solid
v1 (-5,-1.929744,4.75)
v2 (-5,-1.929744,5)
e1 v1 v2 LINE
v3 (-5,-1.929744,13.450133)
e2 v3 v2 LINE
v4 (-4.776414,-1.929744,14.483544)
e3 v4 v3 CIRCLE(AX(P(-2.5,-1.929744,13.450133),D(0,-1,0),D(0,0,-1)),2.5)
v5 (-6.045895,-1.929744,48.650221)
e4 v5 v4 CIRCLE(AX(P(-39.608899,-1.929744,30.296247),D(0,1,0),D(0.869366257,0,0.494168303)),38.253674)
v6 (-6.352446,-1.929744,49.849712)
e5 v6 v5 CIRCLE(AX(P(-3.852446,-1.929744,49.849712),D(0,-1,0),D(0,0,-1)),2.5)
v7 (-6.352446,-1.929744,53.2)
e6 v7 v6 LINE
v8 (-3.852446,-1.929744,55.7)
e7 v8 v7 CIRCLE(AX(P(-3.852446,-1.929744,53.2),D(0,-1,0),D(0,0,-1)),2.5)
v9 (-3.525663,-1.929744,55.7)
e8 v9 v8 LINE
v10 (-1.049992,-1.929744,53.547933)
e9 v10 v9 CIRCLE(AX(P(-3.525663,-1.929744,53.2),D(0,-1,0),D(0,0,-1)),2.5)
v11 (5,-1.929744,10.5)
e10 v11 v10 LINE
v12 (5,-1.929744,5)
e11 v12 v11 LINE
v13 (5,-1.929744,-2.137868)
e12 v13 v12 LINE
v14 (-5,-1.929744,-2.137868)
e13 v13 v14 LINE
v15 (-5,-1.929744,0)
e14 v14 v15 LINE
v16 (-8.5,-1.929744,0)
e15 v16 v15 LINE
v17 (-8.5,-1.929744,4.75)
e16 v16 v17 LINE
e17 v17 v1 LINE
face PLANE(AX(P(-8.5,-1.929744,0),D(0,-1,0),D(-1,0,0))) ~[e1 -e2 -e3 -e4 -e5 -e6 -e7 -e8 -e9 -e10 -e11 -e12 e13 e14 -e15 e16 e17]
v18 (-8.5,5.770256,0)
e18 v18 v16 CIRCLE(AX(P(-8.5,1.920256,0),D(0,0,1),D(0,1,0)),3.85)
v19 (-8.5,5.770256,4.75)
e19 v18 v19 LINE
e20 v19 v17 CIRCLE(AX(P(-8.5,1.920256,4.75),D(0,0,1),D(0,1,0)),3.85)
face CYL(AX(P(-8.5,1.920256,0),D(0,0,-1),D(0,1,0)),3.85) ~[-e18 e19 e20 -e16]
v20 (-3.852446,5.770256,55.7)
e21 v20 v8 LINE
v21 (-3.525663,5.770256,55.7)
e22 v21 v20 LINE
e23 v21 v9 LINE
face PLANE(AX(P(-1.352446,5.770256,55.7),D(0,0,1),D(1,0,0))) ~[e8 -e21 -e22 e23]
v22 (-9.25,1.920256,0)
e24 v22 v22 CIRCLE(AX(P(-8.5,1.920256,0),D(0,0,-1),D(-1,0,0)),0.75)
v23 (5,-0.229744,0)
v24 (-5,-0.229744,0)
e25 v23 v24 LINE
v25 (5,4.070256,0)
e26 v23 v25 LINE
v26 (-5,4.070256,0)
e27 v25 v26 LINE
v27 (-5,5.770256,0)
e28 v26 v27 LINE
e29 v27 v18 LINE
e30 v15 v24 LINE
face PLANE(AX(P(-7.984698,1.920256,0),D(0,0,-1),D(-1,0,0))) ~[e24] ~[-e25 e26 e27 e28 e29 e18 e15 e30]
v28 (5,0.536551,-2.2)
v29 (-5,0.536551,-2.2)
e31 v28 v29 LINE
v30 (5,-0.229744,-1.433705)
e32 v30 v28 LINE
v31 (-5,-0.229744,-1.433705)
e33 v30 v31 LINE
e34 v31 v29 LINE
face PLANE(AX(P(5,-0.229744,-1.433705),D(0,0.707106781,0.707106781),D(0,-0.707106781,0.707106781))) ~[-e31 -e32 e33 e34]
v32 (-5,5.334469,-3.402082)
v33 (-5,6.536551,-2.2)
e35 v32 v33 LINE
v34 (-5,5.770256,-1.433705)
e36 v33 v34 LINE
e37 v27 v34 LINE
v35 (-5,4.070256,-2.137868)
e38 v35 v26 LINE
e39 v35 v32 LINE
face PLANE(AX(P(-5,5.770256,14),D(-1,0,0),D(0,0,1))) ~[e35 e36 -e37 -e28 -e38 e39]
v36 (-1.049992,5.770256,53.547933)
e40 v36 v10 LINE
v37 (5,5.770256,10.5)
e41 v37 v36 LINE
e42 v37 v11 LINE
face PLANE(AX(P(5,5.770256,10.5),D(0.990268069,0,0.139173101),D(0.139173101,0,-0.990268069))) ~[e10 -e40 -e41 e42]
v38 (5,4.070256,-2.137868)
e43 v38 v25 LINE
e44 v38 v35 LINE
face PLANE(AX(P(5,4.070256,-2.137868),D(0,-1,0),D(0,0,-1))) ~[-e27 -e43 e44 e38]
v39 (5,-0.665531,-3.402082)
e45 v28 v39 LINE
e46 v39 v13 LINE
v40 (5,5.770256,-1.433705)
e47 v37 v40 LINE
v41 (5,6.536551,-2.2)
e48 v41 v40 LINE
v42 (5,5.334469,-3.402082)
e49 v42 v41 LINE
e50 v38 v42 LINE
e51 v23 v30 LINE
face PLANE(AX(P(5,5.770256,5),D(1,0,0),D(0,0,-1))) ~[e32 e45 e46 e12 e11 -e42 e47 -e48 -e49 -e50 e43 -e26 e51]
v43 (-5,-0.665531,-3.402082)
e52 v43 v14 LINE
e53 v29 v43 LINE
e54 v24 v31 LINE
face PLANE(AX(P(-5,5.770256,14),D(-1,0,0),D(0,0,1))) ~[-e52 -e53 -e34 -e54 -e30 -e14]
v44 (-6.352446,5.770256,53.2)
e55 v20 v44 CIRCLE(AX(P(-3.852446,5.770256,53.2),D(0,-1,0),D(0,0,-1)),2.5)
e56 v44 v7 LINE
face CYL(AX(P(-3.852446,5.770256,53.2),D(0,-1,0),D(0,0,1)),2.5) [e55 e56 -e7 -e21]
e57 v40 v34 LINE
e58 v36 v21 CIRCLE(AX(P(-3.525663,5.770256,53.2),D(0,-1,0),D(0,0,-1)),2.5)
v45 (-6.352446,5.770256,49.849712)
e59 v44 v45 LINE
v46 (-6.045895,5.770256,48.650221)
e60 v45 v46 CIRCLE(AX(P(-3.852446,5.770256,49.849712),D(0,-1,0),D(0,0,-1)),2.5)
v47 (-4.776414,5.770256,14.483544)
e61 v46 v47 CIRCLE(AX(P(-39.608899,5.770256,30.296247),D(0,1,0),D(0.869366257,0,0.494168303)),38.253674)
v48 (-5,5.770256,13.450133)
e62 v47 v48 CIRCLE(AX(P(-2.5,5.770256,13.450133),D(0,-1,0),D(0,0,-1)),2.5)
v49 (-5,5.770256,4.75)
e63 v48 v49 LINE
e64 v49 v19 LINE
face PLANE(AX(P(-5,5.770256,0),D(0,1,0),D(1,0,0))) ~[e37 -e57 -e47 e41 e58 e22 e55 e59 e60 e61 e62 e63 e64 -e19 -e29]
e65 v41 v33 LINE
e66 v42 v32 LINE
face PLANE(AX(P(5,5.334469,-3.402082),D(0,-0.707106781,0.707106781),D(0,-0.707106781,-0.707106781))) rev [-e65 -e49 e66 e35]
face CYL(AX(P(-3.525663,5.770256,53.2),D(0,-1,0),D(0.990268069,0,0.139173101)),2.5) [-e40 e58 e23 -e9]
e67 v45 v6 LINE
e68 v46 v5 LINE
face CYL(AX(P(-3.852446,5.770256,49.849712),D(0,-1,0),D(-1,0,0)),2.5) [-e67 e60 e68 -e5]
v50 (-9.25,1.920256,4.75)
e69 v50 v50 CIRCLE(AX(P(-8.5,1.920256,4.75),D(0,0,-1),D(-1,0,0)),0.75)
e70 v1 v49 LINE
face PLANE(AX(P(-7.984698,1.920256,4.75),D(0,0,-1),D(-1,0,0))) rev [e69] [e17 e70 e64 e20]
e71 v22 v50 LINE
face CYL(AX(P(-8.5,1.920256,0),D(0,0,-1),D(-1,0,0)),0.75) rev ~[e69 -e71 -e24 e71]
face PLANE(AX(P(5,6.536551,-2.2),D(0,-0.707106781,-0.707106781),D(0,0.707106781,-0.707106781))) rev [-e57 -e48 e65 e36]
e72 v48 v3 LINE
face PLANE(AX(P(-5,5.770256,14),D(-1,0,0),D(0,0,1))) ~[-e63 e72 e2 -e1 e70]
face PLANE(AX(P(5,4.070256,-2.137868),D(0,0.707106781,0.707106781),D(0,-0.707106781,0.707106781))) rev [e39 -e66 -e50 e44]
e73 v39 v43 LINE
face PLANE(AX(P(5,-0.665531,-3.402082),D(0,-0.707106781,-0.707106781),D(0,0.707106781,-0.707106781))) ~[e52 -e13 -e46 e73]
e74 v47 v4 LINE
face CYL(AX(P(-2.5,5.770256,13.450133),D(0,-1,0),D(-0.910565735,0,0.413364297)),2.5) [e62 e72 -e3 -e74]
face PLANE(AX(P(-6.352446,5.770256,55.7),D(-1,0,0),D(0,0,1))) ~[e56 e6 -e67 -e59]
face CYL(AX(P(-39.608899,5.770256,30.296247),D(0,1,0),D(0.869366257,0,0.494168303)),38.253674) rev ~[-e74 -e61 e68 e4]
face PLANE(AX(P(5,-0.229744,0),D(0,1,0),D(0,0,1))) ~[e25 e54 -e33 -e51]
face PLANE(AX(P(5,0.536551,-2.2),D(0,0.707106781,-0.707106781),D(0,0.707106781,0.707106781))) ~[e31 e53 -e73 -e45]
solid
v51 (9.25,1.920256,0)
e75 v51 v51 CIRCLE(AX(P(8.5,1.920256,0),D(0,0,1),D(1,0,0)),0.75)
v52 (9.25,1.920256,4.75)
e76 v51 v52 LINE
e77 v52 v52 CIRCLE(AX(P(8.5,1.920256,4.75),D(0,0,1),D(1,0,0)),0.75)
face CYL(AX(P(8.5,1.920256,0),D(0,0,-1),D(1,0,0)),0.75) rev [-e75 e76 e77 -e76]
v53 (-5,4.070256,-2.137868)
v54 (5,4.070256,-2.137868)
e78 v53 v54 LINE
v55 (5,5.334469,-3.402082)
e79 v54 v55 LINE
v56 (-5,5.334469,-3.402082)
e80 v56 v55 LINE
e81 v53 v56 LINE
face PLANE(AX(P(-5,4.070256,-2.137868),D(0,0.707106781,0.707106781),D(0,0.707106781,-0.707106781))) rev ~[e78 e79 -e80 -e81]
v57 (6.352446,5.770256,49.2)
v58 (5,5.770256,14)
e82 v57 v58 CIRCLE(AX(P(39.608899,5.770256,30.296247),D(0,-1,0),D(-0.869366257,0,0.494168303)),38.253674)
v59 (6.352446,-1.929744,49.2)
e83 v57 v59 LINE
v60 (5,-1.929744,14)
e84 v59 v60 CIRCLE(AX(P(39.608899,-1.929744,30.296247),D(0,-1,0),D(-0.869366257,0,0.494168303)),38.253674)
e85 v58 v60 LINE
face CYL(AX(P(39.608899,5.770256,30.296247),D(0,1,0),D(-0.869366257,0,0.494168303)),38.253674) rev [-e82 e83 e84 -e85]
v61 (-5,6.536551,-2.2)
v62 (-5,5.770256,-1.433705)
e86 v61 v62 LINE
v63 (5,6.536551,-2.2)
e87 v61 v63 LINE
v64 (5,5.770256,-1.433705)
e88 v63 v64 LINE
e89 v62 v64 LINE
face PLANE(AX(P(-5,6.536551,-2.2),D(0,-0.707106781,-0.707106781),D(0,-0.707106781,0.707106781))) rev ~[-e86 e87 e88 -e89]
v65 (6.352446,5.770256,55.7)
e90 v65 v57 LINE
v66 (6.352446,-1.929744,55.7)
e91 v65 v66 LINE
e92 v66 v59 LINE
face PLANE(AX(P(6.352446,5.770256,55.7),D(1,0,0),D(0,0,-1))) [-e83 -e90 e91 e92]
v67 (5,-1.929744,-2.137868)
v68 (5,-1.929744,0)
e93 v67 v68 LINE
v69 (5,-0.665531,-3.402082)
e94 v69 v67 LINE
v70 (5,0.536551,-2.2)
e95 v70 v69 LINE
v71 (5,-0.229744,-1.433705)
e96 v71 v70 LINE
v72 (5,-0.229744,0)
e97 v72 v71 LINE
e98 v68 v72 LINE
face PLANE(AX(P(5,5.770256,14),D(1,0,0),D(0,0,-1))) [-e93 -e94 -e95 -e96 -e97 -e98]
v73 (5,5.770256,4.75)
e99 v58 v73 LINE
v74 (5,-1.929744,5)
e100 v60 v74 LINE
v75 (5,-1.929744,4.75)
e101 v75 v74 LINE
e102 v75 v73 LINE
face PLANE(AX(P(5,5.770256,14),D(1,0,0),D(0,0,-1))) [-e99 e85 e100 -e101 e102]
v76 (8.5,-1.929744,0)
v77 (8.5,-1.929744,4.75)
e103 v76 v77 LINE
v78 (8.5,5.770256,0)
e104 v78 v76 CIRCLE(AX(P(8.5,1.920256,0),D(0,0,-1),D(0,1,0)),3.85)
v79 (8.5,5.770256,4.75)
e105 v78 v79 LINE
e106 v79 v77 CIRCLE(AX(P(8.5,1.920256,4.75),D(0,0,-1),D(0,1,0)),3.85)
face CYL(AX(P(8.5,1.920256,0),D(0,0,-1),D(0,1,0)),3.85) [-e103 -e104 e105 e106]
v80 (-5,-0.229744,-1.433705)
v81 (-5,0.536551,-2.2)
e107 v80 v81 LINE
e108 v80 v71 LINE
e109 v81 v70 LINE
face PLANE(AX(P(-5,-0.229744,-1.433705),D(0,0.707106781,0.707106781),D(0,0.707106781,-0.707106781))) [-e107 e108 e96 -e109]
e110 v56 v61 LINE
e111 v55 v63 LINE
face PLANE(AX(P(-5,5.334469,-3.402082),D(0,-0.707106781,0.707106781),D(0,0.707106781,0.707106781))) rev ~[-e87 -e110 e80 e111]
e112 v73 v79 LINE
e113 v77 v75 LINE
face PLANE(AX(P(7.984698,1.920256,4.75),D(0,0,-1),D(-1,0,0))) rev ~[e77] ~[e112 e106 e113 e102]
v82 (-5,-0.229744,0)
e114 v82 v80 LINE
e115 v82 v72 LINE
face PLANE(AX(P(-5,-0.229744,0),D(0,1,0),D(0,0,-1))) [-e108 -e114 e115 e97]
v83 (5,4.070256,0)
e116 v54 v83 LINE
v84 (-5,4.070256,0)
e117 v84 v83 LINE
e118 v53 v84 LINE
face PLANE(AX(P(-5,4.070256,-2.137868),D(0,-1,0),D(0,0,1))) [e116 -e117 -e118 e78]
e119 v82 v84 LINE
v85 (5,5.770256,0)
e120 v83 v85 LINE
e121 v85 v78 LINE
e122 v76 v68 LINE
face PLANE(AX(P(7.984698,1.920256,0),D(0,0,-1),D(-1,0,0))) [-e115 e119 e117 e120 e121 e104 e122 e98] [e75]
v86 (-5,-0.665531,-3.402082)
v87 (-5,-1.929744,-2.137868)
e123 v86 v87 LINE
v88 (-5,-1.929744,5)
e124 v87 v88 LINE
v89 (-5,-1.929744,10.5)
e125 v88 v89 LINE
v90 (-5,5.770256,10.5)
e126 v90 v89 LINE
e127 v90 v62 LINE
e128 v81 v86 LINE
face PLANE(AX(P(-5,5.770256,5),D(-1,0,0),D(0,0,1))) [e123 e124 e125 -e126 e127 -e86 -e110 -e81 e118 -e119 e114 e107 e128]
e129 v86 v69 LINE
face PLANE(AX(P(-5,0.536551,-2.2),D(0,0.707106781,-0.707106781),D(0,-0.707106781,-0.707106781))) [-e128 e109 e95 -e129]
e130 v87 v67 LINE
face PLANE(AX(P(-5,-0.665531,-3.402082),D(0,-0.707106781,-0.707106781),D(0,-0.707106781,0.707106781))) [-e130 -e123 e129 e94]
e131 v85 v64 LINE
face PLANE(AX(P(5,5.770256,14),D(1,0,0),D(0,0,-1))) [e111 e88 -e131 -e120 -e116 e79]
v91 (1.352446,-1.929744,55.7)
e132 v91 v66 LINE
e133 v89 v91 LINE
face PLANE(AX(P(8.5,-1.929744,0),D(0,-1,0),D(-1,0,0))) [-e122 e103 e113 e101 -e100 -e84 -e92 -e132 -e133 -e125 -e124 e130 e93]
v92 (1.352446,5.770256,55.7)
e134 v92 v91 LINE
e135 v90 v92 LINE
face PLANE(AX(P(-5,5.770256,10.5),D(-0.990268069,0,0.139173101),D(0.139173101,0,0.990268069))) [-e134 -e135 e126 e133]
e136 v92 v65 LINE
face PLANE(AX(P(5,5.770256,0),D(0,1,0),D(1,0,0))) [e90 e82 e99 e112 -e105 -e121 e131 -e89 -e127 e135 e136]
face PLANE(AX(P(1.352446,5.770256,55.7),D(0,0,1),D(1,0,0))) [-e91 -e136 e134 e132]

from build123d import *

# Parameters (mm, degrees)
SKETCH2_W           = 10
SKETCH2_H           = 14.768412439
BOSS_EXTRUDE1_DEPTH = 5
BOSS_EXTRUDE4_DEPTH = 10
SKETCH9_W           = 10
SKETCH9_H           = 3.18
SKETCH9_H_2         = 3.888412439
CUT_EXTRUDE3_DEPTH  = 5
BOSS_EXTRUDE5_DEPTH = 7.7
SKETCH12_R          = 0.75
BOSS_EXTRUDE7_DEPTH = 4.75
FILLET1_R           = 2.5


with BuildPart() as part:
    # Sketch2 → Boss-Extrude1 (new body)
    with BuildSketch(Plane.XY):
        with Locations((0, 1.566049366)):
            Rectangle(SKETCH2_W, SKETCH2_H)
    extrude(amount=BOSS_EXTRUDE1_DEPTH)

    # Sketch8 → Boss-Extrude4 (add)
    with BuildSketch(Plane.ZY.offset(5)):
        Polygon((-0.15, 5.770255585), (0, 5.770255585), (0, 4.070255585), (-0.15, 4.070255585), (-2.137867966, 4.070255585), (-3.402081528, 5.334469147), (-2.2, 6.536550675), (-1.43370491, 5.770255585), align=None)
        Polygon((-0.15, -1.929744415), (0, -1.929744415), (0, -0.229744415), (-0.15, -0.229744415), (-1.43370491, -0.229744415), (-2.2, 0.536550675), (-3.402081528, -0.665530853), (-2.137867966, -1.929744415), align=None)
    extrude(amount=-BOSS_EXTRUDE4_DEPTH)

    # Sketch9 → Cut-Extrude3 (cut)
    with BuildSketch(Plane(origin=(0, 0, 0), x_dir=(-1, 0, 0), z_dir=(0, 0, -1))):
        with Locations((0, 7.360255585)):
            Rectangle(SKETCH9_W, SKETCH9_H)
        with Locations((0, -3.873950635)):
            Rectangle(SKETCH9_W, SKETCH9_H_2)
    extrude(amount=-CUT_EXTRUDE3_DEPTH, mode=Mode.SUBTRACT)

    # Sketch10 → Boss-Extrude5 (add)
    with BuildSketch(Plane(origin=(0, 5.770255585, 0), x_dir=(1, 0, 0), z_dir=(0, 1, 0))):
        with BuildLine():
            Line((-5, -5), (-5, -10.5))
            Line((-5, -10.5), (1.352445729, -55.7))
            Line((1.352445729, -55.7), (6.352445729, -55.7))
            Line((6.352445729, -55.7), (6.352445729, -49.2))
            ThreePointArc((6.352445729, -49.2), (1.383429579, -31.764936646), (5, -14))
            Line((5, -14), (5, -5))
            Line((5, -5), (-5, -5))
        make_face()
    extrude(amount=-BOSS_EXTRUDE5_DEPTH)

    # Sketch12 → Boss-Extrude7 (add)
    with BuildSketch(Plane.XY):
        with BuildLine():
            Line((5, 5.770255585), (8.5, 5.770255585))
            ThreePointArc((8.5, 5.770255585), (12.35, 1.920255585), (8.5, -1.929744415))
            Line((8.5, -1.929744415), (5, -1.929744415))
            Line((5, -1.929744415), (5, 5.770255585))
        make_face()
        with Locations((8.5, 1.920255585)):
            Circle(SKETCH12_R, mode=Mode.SUBTRACT)
    extrude(amount=BOSS_EXTRUDE7_DEPTH)


with BuildPart() as body_2:
    # Mirror1: mirrored copy
    add(part.part.mirror(Plane(origin=(0, 0, 0), x_dir=(0, 0, 1), z_dir=(1, 0, 0))))

    # Fillet1
    fillet1_edges = [body_2.edges().sort_by_distance(p)[0] for p in [
        (-6.352445729, 1.920255585, 49.2),
        (-5, 1.920255585, 14),
        (-1.352445729, 1.920255585, 55.7),
        (-6.352445729, 1.920255585, 55.7),
    ]]
    fillet(fillet1_edges, radius=FILLET1_R)


solid = Compound([part.part, body_2.part])
